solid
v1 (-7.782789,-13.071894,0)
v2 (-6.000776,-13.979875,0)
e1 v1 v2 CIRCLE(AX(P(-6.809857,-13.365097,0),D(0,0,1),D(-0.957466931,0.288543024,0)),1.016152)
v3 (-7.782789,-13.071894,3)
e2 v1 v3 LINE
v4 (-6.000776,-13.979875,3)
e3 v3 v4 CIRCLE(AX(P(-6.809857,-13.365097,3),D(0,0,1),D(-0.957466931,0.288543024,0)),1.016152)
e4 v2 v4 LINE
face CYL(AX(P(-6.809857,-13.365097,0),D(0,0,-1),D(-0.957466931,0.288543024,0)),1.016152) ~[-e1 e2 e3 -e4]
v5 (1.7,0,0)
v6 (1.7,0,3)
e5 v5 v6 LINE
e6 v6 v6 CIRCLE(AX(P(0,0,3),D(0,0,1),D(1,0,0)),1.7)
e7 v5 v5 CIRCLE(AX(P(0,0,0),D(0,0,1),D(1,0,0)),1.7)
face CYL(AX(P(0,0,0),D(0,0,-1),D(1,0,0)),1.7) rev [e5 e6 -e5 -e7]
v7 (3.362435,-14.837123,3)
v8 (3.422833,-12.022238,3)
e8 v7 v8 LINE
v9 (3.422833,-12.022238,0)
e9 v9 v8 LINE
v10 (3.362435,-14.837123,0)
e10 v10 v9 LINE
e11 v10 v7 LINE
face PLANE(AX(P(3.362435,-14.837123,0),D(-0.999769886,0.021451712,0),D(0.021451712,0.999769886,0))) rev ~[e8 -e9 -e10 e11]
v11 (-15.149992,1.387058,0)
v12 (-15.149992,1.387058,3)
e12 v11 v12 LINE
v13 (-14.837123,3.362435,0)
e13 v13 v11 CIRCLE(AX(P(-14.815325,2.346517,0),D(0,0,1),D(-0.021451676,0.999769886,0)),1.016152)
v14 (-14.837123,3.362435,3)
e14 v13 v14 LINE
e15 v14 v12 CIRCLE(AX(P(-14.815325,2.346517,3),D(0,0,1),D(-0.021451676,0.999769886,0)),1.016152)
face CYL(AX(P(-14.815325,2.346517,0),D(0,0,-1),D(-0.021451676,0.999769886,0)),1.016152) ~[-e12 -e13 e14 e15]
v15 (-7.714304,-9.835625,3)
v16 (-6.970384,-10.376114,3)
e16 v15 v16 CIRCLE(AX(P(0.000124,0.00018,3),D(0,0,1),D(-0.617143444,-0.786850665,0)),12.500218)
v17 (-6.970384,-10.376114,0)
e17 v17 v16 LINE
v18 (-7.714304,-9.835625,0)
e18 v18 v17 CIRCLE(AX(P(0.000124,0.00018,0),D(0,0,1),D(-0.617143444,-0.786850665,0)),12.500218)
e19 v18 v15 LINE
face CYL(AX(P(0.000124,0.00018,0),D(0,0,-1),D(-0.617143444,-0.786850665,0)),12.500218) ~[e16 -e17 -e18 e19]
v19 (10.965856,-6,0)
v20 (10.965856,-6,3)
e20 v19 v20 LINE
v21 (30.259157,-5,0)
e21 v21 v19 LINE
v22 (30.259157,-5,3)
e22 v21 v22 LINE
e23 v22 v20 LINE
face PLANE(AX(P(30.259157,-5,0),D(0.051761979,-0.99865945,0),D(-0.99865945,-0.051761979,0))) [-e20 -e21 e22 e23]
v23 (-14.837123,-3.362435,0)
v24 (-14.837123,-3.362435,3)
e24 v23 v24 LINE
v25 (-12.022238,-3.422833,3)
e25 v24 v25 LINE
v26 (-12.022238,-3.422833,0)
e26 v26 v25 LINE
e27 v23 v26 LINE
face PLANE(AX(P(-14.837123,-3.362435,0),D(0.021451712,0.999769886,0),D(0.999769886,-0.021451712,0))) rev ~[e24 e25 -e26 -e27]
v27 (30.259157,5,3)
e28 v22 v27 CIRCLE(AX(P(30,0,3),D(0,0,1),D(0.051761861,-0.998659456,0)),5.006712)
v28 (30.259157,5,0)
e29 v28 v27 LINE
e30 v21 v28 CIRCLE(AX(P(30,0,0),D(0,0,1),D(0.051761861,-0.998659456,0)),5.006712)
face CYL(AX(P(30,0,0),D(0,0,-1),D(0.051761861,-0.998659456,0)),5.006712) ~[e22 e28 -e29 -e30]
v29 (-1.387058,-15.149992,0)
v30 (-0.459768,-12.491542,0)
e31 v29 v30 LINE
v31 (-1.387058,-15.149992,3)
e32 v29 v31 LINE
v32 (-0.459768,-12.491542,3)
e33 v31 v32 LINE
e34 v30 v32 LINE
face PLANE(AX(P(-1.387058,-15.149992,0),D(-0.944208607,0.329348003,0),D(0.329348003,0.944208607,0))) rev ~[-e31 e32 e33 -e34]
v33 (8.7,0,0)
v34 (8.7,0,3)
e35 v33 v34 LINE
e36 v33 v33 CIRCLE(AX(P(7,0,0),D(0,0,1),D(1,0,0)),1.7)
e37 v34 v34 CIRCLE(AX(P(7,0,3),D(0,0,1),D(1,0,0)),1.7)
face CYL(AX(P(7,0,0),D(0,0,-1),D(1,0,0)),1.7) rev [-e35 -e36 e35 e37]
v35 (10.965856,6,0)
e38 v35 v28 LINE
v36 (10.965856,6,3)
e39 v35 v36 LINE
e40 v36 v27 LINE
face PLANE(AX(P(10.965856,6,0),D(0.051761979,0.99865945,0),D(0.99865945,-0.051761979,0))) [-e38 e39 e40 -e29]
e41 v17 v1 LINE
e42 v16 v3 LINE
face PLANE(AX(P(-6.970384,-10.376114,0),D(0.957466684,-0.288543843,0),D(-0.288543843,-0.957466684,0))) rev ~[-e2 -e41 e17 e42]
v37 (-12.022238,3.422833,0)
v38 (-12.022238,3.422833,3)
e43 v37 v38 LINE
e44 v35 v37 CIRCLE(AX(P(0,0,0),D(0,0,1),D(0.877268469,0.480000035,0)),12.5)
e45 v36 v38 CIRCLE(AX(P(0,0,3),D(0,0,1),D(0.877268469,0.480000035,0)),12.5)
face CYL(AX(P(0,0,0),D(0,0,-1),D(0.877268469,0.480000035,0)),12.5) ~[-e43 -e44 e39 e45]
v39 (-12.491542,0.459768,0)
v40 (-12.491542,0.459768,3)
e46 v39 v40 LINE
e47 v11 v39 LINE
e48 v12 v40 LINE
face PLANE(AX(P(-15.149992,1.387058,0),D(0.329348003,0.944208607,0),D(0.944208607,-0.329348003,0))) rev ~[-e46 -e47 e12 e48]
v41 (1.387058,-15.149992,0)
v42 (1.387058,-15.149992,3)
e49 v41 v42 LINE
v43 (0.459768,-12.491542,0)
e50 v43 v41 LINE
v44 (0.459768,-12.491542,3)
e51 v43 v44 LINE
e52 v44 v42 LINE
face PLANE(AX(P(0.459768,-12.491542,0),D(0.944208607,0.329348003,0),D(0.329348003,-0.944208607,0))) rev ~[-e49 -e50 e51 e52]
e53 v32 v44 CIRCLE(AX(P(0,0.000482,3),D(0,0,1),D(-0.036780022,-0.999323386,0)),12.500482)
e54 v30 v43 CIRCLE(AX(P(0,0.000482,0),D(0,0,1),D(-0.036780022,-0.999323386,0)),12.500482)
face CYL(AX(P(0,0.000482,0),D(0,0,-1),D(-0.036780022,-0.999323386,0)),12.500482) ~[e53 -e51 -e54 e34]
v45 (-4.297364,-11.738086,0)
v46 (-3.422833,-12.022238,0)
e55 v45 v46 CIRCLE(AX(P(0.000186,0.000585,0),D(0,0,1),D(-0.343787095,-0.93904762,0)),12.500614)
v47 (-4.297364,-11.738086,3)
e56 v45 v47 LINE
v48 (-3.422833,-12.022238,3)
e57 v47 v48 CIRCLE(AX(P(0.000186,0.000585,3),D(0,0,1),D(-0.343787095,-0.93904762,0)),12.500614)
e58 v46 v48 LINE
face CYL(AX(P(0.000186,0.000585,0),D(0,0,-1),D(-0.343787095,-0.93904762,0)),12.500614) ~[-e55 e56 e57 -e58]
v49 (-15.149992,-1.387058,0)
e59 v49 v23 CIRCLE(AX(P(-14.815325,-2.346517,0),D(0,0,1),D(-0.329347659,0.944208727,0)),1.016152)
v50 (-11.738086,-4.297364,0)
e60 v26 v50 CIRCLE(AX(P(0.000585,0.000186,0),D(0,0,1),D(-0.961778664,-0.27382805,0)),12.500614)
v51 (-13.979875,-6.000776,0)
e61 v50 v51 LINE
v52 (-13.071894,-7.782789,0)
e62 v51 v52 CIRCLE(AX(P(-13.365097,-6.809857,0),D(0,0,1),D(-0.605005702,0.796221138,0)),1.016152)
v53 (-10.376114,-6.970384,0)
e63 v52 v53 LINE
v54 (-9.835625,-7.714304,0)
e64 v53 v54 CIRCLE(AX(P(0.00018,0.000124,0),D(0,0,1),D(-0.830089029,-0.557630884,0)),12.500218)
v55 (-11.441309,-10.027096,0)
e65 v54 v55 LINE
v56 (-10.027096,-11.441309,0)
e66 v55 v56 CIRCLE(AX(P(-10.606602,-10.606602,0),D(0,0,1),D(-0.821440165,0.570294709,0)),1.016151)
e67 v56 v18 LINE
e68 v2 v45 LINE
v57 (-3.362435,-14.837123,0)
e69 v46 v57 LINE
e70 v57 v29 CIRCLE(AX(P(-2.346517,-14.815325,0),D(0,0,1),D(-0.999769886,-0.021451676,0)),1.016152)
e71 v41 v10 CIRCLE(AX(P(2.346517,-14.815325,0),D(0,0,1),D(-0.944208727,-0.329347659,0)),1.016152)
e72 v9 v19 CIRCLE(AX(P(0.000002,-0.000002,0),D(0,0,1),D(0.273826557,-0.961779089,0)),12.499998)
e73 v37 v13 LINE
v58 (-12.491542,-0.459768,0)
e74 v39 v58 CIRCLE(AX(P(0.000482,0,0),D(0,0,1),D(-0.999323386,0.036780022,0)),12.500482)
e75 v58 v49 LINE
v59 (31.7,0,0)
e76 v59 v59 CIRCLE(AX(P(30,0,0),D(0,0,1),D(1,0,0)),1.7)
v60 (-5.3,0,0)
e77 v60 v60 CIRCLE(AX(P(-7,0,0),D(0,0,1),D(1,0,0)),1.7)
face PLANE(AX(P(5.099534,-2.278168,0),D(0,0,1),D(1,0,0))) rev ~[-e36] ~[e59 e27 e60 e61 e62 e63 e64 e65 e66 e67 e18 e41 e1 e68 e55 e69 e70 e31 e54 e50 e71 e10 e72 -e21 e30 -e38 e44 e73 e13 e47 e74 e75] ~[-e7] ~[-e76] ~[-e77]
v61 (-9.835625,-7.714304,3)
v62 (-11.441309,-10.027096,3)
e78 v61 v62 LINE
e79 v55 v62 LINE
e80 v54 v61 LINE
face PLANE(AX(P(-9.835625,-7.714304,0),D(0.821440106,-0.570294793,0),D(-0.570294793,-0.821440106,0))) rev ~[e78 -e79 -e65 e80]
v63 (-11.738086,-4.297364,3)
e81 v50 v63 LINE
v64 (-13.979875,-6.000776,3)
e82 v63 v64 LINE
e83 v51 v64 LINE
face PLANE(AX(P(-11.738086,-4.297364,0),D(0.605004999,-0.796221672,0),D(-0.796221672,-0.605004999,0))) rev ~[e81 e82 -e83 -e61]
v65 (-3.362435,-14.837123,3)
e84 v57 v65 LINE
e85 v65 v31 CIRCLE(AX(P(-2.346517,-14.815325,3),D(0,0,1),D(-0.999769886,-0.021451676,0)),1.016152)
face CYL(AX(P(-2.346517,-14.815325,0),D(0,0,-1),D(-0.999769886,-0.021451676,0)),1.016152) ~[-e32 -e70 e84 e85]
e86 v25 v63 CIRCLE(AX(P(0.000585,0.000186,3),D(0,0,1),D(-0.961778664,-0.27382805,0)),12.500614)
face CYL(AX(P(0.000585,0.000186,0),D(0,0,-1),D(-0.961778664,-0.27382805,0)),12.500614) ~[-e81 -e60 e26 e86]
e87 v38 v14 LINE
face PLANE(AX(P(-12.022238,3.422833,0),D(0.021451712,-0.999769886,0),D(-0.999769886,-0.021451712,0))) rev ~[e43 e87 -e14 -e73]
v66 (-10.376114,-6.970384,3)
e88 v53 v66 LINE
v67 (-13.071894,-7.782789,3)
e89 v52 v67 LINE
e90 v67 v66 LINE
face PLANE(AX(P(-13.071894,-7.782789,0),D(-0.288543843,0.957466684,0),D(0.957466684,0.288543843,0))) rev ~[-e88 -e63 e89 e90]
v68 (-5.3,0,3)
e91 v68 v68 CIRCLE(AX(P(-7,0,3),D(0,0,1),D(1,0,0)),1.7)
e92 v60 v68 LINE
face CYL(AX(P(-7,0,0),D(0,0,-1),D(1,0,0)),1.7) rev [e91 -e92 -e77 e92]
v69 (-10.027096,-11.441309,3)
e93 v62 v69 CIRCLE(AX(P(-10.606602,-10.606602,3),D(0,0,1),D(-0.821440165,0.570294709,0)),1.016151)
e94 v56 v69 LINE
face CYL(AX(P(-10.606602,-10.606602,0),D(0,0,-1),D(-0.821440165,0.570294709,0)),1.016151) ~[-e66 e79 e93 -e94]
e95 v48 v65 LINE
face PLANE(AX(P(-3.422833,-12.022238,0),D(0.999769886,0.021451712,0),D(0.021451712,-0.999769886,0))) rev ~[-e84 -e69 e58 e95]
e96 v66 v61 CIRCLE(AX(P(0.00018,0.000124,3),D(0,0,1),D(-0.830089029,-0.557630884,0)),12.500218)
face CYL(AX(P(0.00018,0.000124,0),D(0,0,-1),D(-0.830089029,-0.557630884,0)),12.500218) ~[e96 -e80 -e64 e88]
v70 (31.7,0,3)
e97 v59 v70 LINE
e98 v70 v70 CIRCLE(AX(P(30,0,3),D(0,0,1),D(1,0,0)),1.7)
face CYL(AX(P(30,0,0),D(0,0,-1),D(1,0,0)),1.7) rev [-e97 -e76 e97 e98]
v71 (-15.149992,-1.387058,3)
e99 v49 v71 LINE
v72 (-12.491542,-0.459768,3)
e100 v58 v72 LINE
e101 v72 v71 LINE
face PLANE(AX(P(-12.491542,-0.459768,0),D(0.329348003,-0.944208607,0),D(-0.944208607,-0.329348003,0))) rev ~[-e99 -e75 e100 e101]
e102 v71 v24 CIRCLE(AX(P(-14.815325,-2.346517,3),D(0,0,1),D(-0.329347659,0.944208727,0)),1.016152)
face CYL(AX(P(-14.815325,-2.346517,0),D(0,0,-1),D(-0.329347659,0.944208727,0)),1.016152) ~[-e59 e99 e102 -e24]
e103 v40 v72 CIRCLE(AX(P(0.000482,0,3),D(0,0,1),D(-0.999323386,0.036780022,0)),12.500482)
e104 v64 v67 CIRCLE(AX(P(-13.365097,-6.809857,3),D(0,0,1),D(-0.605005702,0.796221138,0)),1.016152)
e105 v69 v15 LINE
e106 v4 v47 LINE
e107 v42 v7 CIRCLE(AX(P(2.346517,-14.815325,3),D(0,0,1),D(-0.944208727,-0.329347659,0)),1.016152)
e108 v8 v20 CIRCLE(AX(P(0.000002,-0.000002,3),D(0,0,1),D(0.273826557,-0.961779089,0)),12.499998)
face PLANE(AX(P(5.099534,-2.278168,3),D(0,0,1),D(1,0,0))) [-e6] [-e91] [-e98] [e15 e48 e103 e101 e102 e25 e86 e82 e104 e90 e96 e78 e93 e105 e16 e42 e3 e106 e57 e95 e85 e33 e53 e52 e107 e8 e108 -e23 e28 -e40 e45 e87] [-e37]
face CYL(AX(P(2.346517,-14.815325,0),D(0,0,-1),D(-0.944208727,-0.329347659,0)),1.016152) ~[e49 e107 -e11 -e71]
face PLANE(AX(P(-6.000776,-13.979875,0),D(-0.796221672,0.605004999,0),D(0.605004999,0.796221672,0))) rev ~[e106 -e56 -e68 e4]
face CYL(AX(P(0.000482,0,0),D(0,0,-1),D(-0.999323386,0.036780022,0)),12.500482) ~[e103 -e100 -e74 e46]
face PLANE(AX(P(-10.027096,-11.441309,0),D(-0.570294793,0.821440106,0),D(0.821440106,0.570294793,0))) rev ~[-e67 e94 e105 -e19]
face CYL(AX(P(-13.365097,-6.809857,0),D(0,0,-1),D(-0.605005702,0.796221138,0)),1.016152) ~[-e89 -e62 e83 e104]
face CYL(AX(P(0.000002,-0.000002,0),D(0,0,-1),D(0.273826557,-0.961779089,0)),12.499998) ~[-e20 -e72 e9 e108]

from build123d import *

# Parameters (mm, degrees)
SKETCH_R  = 1.7
PAD_DEPTH = 3


with BuildPart() as part:
    # Sketch → Pad (new body)
    with BuildSketch(Plane.XY):
        with BuildLine():
            ThreePointArc((-10.376114, -6.970384), (-10.112712, -7.347316), (-9.835625, -7.714304))
            Line((-9.835625, -7.714304), (-11.441309, -10.027096))
            ThreePointArc((-11.441309, -10.027096), (-11.325129, -11.325129), (-10.027096, -11.441309))
            Line((-10.027096, -11.441309), (-7.714304, -9.835625))
            ThreePointArc((-7.714304, -9.835625), (-7.347316, -10.112712), (-6.970384, -10.376114))
            Line((-6.970384, -10.376114), (-7.782789, -13.071894))
            ThreePointArc((-7.782789, -13.071894), (-7.271181, -14.270495), (-6.000776, -13.979875))
            Line((-6.000776, -13.979875), (-4.297364, -11.738086))
            ThreePointArc((-4.297364, -11.738086), (-3.862712, -11.888206), (-3.422833, -12.022238))
            Line((-3.422833, -12.022238), (-3.362435, -14.837123))
            ThreePointArc((-3.362435, -14.837123), (-2.505478, -15.818966), (-1.387058, -15.149992))
            Line((-1.387058, -15.149992), (-0.459768, -12.491542))
            ThreePointArc((-0.459768, -12.491542), (0, -12.5), (0.459768, -12.491542))
            Line((0.459768, -12.491542), (1.387058, -15.149992))
            ThreePointArc((1.387058, -15.149992), (2.505478, -15.818966), (3.362435, -14.837123))
            Line((3.362435, -14.837123), (3.422833, -12.022238))
            ThreePointArc((3.422833, -12.022238), (7.799066, -9.76855), (10.965856, -6))
            Line((30.259157, -5), (10.965856, -6))
            ThreePointArc((30.259157, -5), (35.006712, 0), (30.259157, 5))
            Line((10.965856, 6), (30.259157, 5))
            ThreePointArc((10.965856, 6), (-1.392635, 12.42218), (-12.022238, 3.422833))
            Line((-12.022238, 3.422833), (-14.837123, 3.362435))
            ThreePointArc((-14.837123, 3.362435), (-15.818966, 2.505478), (-15.149992, 1.387058))
            Line((-15.149992, 1.387058), (-12.491542, 0.459768))
            ThreePointArc((-12.491542, 0.459768), (-12.5, 0), (-12.491542, -0.459768))
            Line((-12.491542, -0.459768), (-15.149992, -1.387058))
            ThreePointArc((-15.149992, -1.387058), (-15.818966, -2.505478), (-14.837123, -3.362435))
            Line((-14.837123, -3.362435), (-12.022238, -3.422833))
            ThreePointArc((-12.022238, -3.422833), (-11.888206, -3.862712), (-11.738086, -4.297364))
            Line((-11.738086, -4.297364), (-13.979875, -6.000776))
            ThreePointArc((-13.979875, -6.000776), (-14.270495, -7.271181), (-13.071894, -7.782789))
            Line((-13.071894, -7.782789), (-10.376114, -6.970384))
        make_face()
        Circle(SKETCH_R, mode=Mode.SUBTRACT)
        with Locations((7, 0)):
            Circle(SKETCH_R, mode=Mode.SUBTRACT)
        with Locations((-7, 0)):
            Circle(SKETCH_R, mode=Mode.SUBTRACT)
        with Locations((30, 0)):
            Circle(SKETCH_R, mode=Mode.SUBTRACT)
    extrude(amount=PAD_DEPTH)


solid = part.part
